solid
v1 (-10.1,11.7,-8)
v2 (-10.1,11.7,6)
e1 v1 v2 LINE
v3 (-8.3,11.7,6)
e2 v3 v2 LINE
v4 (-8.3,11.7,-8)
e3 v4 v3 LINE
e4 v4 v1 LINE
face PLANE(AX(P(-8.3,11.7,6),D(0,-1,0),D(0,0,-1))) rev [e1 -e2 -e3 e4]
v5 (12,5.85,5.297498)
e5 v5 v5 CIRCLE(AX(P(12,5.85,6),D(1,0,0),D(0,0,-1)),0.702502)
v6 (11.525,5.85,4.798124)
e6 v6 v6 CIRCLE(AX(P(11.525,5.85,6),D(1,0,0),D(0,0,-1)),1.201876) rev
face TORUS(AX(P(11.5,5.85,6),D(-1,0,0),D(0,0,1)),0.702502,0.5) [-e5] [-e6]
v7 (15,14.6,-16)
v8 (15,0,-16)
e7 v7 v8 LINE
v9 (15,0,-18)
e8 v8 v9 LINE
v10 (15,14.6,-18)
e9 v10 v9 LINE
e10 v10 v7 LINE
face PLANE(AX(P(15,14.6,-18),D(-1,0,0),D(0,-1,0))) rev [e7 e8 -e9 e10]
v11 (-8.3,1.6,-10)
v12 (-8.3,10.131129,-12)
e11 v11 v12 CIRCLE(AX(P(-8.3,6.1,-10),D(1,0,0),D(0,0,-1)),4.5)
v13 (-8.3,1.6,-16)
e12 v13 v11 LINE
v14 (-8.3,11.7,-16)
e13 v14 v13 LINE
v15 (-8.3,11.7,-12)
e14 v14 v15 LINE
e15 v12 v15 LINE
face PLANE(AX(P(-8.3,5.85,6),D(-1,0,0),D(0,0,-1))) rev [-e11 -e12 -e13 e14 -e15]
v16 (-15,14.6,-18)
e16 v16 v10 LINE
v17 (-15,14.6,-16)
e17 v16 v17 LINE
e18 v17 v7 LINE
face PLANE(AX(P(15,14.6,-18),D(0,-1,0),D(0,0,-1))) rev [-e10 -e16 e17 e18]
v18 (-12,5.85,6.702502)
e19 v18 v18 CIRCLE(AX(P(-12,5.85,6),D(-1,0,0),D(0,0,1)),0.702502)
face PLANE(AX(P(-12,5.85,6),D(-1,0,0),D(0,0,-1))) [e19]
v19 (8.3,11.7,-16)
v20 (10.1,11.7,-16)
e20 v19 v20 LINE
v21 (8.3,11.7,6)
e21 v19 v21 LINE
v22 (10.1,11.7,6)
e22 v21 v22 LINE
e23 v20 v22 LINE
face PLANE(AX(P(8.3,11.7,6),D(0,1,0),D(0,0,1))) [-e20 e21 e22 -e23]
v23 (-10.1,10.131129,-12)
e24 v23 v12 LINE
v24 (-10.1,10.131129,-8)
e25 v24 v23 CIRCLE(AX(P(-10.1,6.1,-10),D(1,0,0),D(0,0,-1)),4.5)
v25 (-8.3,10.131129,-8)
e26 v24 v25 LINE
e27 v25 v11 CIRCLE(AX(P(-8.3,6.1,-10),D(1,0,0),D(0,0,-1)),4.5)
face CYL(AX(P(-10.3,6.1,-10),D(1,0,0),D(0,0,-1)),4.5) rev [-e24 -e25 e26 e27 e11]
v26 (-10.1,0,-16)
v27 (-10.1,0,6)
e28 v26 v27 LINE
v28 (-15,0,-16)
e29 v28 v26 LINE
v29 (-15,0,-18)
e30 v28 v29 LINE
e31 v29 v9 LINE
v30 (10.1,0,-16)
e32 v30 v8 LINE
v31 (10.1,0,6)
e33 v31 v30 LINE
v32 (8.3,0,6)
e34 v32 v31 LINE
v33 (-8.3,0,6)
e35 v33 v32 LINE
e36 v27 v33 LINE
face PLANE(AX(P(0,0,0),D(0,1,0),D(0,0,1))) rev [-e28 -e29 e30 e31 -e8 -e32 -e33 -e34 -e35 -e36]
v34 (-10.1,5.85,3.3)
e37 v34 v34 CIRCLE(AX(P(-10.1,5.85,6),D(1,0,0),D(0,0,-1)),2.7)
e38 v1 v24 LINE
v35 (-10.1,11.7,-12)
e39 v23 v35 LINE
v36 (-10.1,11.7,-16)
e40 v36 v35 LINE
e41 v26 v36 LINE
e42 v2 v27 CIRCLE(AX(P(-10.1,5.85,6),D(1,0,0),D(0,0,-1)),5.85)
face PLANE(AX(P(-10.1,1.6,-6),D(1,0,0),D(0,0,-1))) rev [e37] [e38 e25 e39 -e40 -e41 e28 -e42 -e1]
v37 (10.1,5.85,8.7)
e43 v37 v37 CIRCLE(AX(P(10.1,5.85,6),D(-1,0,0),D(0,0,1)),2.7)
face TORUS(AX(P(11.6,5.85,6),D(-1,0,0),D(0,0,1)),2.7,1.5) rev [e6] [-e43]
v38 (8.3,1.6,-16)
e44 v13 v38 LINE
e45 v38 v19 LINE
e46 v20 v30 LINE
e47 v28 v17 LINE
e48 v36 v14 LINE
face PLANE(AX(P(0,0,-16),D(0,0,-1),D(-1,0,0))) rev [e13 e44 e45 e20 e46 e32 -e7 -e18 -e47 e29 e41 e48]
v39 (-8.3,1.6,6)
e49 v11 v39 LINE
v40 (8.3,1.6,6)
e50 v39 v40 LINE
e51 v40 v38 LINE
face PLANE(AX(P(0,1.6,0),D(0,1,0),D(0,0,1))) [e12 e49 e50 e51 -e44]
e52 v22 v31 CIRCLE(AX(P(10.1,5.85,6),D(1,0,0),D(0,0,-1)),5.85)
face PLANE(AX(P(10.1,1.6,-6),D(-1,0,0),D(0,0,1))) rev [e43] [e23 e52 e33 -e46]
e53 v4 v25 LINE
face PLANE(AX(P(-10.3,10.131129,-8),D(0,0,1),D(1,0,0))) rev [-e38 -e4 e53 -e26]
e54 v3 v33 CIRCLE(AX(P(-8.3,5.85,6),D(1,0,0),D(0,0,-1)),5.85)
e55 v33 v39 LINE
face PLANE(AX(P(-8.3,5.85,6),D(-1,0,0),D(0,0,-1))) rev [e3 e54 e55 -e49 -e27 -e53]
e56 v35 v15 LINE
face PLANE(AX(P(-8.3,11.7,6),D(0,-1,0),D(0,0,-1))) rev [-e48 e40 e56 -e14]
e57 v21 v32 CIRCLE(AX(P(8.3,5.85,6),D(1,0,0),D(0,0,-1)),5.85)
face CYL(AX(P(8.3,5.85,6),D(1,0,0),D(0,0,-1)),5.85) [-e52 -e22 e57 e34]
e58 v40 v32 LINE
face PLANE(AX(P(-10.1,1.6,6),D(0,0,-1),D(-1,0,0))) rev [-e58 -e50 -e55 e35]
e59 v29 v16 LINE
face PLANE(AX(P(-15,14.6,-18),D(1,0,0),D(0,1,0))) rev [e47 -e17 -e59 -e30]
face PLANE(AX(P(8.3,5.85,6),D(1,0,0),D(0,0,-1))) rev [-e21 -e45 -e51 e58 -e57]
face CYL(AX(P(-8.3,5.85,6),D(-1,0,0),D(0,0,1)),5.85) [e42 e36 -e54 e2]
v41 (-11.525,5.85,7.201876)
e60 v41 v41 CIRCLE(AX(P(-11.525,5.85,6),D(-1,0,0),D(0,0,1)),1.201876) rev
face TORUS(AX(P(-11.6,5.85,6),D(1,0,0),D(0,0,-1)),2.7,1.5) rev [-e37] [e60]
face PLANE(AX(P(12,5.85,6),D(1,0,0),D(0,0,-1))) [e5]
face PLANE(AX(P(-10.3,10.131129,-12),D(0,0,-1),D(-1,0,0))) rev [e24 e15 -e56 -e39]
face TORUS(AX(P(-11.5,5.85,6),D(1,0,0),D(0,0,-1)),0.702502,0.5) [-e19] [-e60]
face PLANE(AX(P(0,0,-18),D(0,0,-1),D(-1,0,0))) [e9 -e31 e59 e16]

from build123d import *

# Parameters (mm, degrees)
SKETCH1_W           = 20.2
SKETCH1_H           = 12
BOSS_EXTRUDE1_DEPTH = 1.6
BOSS_EXTRUDE2_DEPTH = 1.8
SKETCH3_R           = 1.2
BOSS_EXTRUDE3_DEPTH = 1.9
FILLET1_R           = 1.5
FILLET2_R           = 0.5
FILLET3_R           = 1.5
FILLET4_R           = 0.5
BOSS_EXTRUDE4_DEPTH = 10
SKETCH5_W           = 30
SKETCH5_H           = 17.5
BOSS_EXTRUDE5_DEPTH = 2
CUT_EXTRUDE1_DEPTH  = 2
SKETCH8_W           = 30
SKETCH8_H           = 2.9
CUT_EXTRUDE3_DEPTH  = 2


with BuildPart() as part:
    # Sketch1 → Boss-Extrude1 (new body)
    with BuildSketch(Plane(origin=(0, 0, 0), x_dir=(1, 0, 0), z_dir=(0, 1, 0))):
        Rectangle(SKETCH1_W, SKETCH1_H)
    extrude(amount=BOSS_EXTRUDE1_DEPTH)

    # Sketch2 → Boss-Extrude2 (add)
    with BuildSketch(Plane(origin=(10.1, 0, 0), x_dir=(0, 0, -1), z_dir=(1, 0, 0))):
        with BuildLine():
            Line((-6, 11.7), (6, 11.7))
            Line((6, 11.7), (6, 0))
            Line((6, 0), (-6, 0))
            ThreePointArc((-6, 0), (-11.85, 5.85), (-6, 11.7))
        make_face()
    boss_extrude2 = extrude(amount=-BOSS_EXTRUDE2_DEPTH)

    # Sketch3 → Boss-Extrude3 (add)
    with BuildSketch(Plane(origin=(10.1, 0, 0), x_dir=(0, 0, -1), z_dir=(1, 0, 0))):
        with Locations(Location((-6, 5.85, 0), (0, 0, 180))):
            Circle(SKETCH3_R)
    boss_extrude3 = extrude(amount=BOSS_EXTRUDE3_DEPTH)

    # Fillet1
    fillet1_edges = [part.edges().sort_by_distance(p)[0] for p in [
        (10.1, 5.85, 4.8),
    ]]
    fillet(fillet1_edges, radius=FILLET1_R)

    # Fillet2
    fillet2_edges = [part.edges().sort_by_distance(p)[0] for p in [
        (12, 5.85, 4.8),
    ]]
    fillet(fillet2_edges, radius=FILLET2_R)

    # Mirror2: Boss-Extrude2, Boss-Extrude3 across plane
    add(boss_extrude2.mirror(Plane(origin=(0, 0, 0), x_dir=(0, 0, 1), z_dir=(1, 0, 0))))
    add(boss_extrude3.mirror(Plane(origin=(0, 0, 0), x_dir=(0, 0, 1), z_dir=(1, 0, 0))))

    # Fillet3
    fillet3_edges = [part.edges().sort_by_distance(p)[0] for p in [
        (-10.1, 5.85, 4.8),
    ]]
    fillet(fillet3_edges, radius=FILLET3_R)

    # Fillet4
    fillet4_edges = [part.edges().sort_by_distance(p)[0] for p in [
        (-12, 5.85, 4.8),
    ]]
    fillet(fillet4_edges, radius=FILLET4_R)

    # Sketch4 → Boss-Extrude4 (add)
    with BuildSketch(Plane(origin=(0, 0, -6), x_dir=(-1, 0, 0), z_dir=(0, 0, -1))):
        Polygon((10.1, 0), (10.1, 11.7), (8.3, 11.7), (8.3, 1.6), (-8.3, 1.6), (-8.3, 11.7), (-10.1, 11.7), (-10.1, 0), align=None)
    extrude(amount=BOSS_EXTRUDE4_DEPTH)

    # Sketch5 → Boss-Extrude5 (add)
    with BuildSketch(Plane(origin=(0, 0, -16), x_dir=(-1, 0, 0), z_dir=(0, 0, -1))):
        with Locations((0, 5.85)):
            Rectangle(SKETCH5_W, SKETCH5_H)
    extrude(amount=BOSS_EXTRUDE5_DEPTH)

    # Sketch7 → Cut-Extrude1 (cut)
    with BuildSketch(Plane(origin=(-8.3, 0, 0), x_dir=(0, 0, -1), z_dir=(1, 0, 0))):
        with BuildLine():
            Line((8, 11.7), (12, 11.7))
            Line((12, 11.7), (12, 10.131128874))
            ThreePointArc((12, 10.131128874), (10, 1.6), (8, 10.131128874))
            Line((8, 10.131128874), (8, 11.7))
        make_face()
    extrude(amount=-CUT_EXTRUDE1_DEPTH, mode=Mode.SUBTRACT)

    # Sketch8 → Cut-Extrude3 (cut)
    with BuildSketch(Plane(origin=(0, 0, -18), x_dir=(-1, 0, 0), z_dir=(0, 0, -1))):
        with Locations((0, -1.45)):
            Rectangle(SKETCH8_W, SKETCH8_H)
    extrude(amount=-CUT_EXTRUDE3_DEPTH, mode=Mode.SUBTRACT)


solid = part.part
